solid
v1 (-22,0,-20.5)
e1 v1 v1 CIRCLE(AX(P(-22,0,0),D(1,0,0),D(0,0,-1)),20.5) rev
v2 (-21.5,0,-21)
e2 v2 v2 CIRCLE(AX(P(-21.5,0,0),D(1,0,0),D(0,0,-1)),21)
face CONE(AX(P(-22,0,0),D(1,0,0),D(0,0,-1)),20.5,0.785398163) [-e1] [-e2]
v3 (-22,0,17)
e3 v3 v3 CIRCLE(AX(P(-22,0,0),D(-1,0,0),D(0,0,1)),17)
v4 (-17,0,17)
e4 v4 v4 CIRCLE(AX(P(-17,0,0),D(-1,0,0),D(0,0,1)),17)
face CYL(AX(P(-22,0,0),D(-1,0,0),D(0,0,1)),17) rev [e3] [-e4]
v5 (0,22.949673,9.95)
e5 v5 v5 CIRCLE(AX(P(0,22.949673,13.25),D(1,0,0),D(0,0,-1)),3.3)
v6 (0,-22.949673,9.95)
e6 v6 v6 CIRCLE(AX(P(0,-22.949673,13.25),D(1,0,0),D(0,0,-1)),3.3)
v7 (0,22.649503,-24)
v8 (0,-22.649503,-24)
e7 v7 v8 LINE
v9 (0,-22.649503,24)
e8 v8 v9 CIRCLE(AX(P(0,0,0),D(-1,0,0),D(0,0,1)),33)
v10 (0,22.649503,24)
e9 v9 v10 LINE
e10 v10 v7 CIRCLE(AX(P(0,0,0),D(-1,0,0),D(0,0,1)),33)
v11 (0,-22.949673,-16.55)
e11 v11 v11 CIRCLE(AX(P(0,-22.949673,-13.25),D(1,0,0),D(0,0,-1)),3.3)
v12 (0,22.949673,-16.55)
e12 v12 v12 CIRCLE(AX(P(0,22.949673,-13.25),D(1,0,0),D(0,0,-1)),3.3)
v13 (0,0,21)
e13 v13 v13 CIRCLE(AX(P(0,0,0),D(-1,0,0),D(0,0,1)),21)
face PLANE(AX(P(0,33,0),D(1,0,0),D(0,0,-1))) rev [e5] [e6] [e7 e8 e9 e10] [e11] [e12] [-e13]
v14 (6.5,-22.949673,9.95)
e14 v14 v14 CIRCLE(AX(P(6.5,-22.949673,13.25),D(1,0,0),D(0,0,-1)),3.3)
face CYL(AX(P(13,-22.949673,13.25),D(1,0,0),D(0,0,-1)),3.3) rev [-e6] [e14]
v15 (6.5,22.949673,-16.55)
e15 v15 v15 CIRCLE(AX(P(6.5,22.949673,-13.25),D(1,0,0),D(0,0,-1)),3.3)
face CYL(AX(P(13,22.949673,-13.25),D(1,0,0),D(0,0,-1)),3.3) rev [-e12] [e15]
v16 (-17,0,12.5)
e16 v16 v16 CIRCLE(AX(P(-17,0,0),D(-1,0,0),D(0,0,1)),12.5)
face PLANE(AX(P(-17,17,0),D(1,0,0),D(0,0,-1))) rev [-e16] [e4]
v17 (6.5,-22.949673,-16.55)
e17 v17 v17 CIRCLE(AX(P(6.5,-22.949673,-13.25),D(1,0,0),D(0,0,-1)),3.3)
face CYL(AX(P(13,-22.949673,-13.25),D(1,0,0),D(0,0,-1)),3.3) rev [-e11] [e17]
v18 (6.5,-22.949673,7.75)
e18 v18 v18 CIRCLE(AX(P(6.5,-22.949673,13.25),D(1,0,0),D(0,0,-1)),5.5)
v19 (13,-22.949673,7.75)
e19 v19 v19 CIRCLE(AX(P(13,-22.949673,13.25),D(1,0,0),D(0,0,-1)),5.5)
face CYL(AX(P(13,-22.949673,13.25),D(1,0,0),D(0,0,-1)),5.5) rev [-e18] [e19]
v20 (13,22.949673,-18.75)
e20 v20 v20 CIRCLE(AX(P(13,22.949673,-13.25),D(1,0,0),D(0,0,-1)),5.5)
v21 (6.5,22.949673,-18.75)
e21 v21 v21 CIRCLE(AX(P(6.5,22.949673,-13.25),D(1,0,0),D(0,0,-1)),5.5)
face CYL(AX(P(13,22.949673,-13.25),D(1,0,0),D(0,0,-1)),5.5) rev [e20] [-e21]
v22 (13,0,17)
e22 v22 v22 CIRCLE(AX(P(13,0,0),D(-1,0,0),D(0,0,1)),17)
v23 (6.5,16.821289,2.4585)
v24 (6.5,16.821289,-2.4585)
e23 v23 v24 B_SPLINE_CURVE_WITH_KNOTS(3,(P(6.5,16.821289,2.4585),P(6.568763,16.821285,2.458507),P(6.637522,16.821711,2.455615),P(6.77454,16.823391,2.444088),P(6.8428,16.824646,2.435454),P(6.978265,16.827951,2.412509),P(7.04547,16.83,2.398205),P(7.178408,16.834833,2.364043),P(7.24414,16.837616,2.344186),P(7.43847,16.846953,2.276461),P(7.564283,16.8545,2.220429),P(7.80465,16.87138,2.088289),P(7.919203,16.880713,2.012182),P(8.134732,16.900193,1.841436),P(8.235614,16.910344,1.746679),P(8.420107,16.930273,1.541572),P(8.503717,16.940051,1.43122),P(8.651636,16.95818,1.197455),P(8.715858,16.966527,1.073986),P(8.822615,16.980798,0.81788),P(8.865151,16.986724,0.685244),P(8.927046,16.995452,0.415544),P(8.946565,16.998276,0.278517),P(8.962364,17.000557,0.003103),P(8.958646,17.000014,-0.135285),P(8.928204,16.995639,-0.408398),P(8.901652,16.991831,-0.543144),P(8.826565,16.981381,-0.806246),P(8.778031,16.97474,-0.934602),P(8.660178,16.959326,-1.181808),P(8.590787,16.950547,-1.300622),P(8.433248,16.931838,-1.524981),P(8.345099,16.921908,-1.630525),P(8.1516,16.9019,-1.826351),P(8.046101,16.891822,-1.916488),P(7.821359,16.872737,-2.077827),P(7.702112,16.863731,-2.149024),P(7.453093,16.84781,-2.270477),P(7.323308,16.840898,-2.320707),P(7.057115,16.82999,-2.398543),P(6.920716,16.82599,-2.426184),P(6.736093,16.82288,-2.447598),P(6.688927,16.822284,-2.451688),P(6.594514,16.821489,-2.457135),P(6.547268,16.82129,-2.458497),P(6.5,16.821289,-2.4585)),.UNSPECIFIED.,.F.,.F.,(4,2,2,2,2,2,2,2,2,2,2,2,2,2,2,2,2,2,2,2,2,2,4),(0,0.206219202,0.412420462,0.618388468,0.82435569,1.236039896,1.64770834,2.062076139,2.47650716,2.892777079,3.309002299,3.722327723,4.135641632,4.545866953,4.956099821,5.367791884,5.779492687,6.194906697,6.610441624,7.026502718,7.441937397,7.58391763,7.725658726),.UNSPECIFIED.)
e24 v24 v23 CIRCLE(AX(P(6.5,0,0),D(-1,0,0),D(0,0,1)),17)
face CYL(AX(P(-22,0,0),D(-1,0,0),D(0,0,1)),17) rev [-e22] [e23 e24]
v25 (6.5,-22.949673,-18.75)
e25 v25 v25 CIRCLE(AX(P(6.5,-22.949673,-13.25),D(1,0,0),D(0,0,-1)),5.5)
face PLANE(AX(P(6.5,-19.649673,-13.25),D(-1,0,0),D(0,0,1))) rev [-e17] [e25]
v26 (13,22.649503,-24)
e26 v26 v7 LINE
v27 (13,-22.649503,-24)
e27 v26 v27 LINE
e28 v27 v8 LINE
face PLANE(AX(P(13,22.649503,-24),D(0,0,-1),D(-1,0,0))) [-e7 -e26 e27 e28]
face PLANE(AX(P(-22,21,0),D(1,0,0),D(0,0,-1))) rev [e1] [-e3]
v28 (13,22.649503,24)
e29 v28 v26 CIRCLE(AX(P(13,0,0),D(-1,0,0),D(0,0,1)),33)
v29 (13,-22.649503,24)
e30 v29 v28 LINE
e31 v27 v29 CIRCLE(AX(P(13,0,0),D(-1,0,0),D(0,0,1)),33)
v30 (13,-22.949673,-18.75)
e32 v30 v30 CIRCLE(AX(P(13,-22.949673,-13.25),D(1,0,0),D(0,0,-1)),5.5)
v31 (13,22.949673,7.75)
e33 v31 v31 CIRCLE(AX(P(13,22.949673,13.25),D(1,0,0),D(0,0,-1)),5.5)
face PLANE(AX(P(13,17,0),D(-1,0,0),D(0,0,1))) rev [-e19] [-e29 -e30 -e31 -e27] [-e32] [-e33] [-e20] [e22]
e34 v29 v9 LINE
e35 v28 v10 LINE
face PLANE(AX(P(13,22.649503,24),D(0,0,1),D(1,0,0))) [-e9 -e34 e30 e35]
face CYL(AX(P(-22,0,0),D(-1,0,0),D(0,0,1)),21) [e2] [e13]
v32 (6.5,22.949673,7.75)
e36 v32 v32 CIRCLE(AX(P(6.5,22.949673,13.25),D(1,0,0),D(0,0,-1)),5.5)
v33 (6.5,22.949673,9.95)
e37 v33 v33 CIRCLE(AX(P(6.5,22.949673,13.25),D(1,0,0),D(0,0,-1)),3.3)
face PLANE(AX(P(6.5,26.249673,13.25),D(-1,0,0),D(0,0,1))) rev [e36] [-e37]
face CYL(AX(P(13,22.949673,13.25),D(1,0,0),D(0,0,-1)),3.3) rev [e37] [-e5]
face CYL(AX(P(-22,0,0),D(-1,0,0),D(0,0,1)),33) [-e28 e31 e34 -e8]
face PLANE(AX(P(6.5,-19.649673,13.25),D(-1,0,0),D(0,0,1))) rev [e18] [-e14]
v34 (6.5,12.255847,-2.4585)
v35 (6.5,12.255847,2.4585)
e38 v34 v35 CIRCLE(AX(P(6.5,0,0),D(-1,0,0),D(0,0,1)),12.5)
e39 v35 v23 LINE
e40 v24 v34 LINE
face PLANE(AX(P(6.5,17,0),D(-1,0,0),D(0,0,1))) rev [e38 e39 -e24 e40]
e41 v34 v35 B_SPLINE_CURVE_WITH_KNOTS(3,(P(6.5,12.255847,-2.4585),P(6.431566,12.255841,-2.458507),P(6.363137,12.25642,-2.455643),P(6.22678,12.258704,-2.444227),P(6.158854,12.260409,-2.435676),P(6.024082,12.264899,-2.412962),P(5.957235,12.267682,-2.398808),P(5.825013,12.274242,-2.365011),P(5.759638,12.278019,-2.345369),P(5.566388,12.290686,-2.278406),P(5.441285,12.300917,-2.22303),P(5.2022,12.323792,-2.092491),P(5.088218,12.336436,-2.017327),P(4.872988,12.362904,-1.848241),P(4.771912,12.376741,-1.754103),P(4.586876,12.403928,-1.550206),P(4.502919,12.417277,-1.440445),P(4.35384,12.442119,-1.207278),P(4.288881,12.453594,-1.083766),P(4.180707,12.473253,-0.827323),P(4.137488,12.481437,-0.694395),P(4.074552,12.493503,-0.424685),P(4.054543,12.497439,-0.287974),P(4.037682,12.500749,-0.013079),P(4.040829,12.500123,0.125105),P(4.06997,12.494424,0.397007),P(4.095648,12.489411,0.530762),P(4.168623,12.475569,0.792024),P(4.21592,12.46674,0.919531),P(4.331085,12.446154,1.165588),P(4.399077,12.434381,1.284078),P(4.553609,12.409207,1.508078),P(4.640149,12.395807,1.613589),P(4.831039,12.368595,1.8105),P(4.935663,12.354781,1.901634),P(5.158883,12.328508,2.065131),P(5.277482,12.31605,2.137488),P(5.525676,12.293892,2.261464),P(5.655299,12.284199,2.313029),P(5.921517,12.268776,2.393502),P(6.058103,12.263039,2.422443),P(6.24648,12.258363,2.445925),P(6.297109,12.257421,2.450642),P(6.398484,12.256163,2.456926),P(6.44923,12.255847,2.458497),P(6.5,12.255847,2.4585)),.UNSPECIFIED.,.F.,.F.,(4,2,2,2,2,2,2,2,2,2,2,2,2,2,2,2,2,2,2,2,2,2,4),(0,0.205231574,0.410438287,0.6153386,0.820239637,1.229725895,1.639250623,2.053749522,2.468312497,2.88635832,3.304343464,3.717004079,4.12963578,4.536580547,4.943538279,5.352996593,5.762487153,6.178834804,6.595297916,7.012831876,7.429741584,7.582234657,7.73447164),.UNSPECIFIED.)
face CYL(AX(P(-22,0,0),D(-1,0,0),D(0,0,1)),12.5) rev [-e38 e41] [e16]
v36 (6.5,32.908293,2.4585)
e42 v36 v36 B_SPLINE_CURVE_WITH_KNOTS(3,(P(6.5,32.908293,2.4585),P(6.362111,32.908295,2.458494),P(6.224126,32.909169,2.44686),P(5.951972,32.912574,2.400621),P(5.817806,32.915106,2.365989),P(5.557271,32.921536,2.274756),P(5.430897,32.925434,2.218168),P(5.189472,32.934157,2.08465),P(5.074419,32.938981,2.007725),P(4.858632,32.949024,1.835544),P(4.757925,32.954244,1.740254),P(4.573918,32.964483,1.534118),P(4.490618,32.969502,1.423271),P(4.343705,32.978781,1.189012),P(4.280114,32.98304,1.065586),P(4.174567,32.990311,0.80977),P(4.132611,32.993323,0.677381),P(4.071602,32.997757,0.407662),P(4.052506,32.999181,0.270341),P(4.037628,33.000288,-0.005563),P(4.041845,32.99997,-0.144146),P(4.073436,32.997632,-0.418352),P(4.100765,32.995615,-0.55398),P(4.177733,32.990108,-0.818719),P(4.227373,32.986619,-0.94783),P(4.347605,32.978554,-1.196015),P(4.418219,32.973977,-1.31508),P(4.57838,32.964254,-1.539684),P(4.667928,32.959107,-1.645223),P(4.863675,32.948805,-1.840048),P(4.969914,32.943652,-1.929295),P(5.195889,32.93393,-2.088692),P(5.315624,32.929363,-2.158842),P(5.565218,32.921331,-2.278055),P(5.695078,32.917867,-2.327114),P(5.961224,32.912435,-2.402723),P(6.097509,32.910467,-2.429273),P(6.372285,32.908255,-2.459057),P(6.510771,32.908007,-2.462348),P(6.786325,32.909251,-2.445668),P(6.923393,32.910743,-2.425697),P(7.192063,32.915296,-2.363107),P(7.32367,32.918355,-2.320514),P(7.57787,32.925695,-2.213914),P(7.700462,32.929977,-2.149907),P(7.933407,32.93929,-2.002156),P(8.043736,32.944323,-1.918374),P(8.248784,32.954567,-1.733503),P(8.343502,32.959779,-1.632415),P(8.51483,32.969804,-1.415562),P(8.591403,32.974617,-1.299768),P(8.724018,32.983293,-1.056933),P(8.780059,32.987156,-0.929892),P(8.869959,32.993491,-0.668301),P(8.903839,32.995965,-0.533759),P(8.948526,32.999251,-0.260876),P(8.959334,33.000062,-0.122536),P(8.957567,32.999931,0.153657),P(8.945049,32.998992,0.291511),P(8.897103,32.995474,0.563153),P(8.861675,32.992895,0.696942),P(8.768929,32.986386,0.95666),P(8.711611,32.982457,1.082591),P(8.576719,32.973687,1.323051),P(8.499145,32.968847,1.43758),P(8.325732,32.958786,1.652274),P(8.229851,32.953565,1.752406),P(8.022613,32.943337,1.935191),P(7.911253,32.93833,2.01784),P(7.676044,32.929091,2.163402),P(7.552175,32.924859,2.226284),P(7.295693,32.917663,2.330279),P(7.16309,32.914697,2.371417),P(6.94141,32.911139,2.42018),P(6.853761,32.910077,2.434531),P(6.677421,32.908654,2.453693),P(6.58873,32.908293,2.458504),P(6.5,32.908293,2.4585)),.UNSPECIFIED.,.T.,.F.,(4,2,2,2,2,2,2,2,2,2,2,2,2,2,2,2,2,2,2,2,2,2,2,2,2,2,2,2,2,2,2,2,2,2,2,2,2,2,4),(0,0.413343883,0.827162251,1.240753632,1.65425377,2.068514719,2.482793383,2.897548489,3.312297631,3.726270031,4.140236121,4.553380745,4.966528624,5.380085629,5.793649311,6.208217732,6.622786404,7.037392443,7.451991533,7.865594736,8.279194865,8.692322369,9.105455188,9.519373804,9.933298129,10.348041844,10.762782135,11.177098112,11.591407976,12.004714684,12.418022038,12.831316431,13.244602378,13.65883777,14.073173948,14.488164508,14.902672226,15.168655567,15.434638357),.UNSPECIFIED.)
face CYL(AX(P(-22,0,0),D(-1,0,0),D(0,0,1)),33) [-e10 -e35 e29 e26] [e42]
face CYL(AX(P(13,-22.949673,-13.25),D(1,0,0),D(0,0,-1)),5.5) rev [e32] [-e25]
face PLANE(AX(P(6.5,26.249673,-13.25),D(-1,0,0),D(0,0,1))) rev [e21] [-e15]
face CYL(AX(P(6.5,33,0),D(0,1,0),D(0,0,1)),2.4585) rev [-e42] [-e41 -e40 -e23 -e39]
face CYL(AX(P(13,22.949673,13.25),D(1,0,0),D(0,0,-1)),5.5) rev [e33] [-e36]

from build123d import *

# Parameters (mm, degrees)
CUT_EXTRUDE1_DEPTH                 = 52.594573358
SOCKET_HEAD_CAP_SCREW1_D           = 6.6
SOCKET_HEAD_CAP_SCREW1_CBORE_D     = 11
SOCKET_HEAD_CAP_SCREW1_CBORE_DEPTH = 6.5
TAP1_D                             = 4.917
TAP1_DEPTH                         = 32.999
TAP1_TIP                           = 1.477215832
CHAMFER1_SIZE                      = 0.5


with BuildPart() as part:
    # Sketch1 → Revolve1 (revolve)
    with BuildSketch(Plane.XY, mode=Mode.PRIVATE) as revolve1_sk:
        Polygon((6.5, 17), (6.5, 12.5), (-17, 12.5), (-17, 17), (-22, 17), (-22, 21), (0, 21), (0, 33), (13, 33), (13, 17), align=None)
    revolve(revolve1_sk.sketch.rotate(Axis((-22, 0, 0), (1, 0, 0)), 90), axis=Axis((-22, 0, 0), (1, 0, 0)))

    # Sketch2 → Cut-Extrude1 (cut, through all)
    with BuildSketch(Plane(origin=(0, 0, 0), x_dir=(0, 0, -1), z_dir=(1, 0, 0))):
        with BuildLine():
            Line((24, 22.649503306), (24, -22.649503306))
            ThreePointArc((24, -22.649503306), (33, 0), (24, 22.649503306))
        make_face()
        with BuildLine():
            Line((-24, 22.649503306), (-24, -22.649503306))
            ThreePointArc((-24, -22.649503306), (-33, 0), (-24, 22.649503306))
        make_face()
    extrude(amount=CUT_EXTRUDE1_DEPTH, mode=Mode.SUBTRACT)

    # Socket Head Cap Screw1 (through all)
    with Locations(Plane(origin=(13, 0, 0), x_dir=(0, 0, -1), z_dir=(1, 0, 0))):
        with Locations((-13.25, 22.9496732), (13.25, -22.9496732), (-13.25, -22.9496732), (13.25, 22.9496732)):
            CounterBoreHole(SOCKET_HEAD_CAP_SCREW1_D / 2, SOCKET_HEAD_CAP_SCREW1_CBORE_D / 2, SOCKET_HEAD_CAP_SCREW1_CBORE_DEPTH)

    # Tap1
    with Locations(Plane(origin=(0, 33, 0), x_dir=(1, 0, 0), z_dir=(0, 1, 0))):
        with Locations((6.5, 0)):
            Hole(TAP1_D / 2, depth=TAP1_DEPTH)
            with Locations((0, 0, -(TAP1_DEPTH + TAP1_TIP / 2))):  # 118° drill point
                Cone(0, TAP1_D / 2, TAP1_TIP, mode=Mode.SUBTRACT)

    # Chamfer1
    chamfer1_edges = [part.edges().sort_by_distance(p)[0] for p in [
        (-22, 0, -21),
    ]]
    chamfer(chamfer1_edges, length=CHAMFER1_SIZE)


solid = part.part
